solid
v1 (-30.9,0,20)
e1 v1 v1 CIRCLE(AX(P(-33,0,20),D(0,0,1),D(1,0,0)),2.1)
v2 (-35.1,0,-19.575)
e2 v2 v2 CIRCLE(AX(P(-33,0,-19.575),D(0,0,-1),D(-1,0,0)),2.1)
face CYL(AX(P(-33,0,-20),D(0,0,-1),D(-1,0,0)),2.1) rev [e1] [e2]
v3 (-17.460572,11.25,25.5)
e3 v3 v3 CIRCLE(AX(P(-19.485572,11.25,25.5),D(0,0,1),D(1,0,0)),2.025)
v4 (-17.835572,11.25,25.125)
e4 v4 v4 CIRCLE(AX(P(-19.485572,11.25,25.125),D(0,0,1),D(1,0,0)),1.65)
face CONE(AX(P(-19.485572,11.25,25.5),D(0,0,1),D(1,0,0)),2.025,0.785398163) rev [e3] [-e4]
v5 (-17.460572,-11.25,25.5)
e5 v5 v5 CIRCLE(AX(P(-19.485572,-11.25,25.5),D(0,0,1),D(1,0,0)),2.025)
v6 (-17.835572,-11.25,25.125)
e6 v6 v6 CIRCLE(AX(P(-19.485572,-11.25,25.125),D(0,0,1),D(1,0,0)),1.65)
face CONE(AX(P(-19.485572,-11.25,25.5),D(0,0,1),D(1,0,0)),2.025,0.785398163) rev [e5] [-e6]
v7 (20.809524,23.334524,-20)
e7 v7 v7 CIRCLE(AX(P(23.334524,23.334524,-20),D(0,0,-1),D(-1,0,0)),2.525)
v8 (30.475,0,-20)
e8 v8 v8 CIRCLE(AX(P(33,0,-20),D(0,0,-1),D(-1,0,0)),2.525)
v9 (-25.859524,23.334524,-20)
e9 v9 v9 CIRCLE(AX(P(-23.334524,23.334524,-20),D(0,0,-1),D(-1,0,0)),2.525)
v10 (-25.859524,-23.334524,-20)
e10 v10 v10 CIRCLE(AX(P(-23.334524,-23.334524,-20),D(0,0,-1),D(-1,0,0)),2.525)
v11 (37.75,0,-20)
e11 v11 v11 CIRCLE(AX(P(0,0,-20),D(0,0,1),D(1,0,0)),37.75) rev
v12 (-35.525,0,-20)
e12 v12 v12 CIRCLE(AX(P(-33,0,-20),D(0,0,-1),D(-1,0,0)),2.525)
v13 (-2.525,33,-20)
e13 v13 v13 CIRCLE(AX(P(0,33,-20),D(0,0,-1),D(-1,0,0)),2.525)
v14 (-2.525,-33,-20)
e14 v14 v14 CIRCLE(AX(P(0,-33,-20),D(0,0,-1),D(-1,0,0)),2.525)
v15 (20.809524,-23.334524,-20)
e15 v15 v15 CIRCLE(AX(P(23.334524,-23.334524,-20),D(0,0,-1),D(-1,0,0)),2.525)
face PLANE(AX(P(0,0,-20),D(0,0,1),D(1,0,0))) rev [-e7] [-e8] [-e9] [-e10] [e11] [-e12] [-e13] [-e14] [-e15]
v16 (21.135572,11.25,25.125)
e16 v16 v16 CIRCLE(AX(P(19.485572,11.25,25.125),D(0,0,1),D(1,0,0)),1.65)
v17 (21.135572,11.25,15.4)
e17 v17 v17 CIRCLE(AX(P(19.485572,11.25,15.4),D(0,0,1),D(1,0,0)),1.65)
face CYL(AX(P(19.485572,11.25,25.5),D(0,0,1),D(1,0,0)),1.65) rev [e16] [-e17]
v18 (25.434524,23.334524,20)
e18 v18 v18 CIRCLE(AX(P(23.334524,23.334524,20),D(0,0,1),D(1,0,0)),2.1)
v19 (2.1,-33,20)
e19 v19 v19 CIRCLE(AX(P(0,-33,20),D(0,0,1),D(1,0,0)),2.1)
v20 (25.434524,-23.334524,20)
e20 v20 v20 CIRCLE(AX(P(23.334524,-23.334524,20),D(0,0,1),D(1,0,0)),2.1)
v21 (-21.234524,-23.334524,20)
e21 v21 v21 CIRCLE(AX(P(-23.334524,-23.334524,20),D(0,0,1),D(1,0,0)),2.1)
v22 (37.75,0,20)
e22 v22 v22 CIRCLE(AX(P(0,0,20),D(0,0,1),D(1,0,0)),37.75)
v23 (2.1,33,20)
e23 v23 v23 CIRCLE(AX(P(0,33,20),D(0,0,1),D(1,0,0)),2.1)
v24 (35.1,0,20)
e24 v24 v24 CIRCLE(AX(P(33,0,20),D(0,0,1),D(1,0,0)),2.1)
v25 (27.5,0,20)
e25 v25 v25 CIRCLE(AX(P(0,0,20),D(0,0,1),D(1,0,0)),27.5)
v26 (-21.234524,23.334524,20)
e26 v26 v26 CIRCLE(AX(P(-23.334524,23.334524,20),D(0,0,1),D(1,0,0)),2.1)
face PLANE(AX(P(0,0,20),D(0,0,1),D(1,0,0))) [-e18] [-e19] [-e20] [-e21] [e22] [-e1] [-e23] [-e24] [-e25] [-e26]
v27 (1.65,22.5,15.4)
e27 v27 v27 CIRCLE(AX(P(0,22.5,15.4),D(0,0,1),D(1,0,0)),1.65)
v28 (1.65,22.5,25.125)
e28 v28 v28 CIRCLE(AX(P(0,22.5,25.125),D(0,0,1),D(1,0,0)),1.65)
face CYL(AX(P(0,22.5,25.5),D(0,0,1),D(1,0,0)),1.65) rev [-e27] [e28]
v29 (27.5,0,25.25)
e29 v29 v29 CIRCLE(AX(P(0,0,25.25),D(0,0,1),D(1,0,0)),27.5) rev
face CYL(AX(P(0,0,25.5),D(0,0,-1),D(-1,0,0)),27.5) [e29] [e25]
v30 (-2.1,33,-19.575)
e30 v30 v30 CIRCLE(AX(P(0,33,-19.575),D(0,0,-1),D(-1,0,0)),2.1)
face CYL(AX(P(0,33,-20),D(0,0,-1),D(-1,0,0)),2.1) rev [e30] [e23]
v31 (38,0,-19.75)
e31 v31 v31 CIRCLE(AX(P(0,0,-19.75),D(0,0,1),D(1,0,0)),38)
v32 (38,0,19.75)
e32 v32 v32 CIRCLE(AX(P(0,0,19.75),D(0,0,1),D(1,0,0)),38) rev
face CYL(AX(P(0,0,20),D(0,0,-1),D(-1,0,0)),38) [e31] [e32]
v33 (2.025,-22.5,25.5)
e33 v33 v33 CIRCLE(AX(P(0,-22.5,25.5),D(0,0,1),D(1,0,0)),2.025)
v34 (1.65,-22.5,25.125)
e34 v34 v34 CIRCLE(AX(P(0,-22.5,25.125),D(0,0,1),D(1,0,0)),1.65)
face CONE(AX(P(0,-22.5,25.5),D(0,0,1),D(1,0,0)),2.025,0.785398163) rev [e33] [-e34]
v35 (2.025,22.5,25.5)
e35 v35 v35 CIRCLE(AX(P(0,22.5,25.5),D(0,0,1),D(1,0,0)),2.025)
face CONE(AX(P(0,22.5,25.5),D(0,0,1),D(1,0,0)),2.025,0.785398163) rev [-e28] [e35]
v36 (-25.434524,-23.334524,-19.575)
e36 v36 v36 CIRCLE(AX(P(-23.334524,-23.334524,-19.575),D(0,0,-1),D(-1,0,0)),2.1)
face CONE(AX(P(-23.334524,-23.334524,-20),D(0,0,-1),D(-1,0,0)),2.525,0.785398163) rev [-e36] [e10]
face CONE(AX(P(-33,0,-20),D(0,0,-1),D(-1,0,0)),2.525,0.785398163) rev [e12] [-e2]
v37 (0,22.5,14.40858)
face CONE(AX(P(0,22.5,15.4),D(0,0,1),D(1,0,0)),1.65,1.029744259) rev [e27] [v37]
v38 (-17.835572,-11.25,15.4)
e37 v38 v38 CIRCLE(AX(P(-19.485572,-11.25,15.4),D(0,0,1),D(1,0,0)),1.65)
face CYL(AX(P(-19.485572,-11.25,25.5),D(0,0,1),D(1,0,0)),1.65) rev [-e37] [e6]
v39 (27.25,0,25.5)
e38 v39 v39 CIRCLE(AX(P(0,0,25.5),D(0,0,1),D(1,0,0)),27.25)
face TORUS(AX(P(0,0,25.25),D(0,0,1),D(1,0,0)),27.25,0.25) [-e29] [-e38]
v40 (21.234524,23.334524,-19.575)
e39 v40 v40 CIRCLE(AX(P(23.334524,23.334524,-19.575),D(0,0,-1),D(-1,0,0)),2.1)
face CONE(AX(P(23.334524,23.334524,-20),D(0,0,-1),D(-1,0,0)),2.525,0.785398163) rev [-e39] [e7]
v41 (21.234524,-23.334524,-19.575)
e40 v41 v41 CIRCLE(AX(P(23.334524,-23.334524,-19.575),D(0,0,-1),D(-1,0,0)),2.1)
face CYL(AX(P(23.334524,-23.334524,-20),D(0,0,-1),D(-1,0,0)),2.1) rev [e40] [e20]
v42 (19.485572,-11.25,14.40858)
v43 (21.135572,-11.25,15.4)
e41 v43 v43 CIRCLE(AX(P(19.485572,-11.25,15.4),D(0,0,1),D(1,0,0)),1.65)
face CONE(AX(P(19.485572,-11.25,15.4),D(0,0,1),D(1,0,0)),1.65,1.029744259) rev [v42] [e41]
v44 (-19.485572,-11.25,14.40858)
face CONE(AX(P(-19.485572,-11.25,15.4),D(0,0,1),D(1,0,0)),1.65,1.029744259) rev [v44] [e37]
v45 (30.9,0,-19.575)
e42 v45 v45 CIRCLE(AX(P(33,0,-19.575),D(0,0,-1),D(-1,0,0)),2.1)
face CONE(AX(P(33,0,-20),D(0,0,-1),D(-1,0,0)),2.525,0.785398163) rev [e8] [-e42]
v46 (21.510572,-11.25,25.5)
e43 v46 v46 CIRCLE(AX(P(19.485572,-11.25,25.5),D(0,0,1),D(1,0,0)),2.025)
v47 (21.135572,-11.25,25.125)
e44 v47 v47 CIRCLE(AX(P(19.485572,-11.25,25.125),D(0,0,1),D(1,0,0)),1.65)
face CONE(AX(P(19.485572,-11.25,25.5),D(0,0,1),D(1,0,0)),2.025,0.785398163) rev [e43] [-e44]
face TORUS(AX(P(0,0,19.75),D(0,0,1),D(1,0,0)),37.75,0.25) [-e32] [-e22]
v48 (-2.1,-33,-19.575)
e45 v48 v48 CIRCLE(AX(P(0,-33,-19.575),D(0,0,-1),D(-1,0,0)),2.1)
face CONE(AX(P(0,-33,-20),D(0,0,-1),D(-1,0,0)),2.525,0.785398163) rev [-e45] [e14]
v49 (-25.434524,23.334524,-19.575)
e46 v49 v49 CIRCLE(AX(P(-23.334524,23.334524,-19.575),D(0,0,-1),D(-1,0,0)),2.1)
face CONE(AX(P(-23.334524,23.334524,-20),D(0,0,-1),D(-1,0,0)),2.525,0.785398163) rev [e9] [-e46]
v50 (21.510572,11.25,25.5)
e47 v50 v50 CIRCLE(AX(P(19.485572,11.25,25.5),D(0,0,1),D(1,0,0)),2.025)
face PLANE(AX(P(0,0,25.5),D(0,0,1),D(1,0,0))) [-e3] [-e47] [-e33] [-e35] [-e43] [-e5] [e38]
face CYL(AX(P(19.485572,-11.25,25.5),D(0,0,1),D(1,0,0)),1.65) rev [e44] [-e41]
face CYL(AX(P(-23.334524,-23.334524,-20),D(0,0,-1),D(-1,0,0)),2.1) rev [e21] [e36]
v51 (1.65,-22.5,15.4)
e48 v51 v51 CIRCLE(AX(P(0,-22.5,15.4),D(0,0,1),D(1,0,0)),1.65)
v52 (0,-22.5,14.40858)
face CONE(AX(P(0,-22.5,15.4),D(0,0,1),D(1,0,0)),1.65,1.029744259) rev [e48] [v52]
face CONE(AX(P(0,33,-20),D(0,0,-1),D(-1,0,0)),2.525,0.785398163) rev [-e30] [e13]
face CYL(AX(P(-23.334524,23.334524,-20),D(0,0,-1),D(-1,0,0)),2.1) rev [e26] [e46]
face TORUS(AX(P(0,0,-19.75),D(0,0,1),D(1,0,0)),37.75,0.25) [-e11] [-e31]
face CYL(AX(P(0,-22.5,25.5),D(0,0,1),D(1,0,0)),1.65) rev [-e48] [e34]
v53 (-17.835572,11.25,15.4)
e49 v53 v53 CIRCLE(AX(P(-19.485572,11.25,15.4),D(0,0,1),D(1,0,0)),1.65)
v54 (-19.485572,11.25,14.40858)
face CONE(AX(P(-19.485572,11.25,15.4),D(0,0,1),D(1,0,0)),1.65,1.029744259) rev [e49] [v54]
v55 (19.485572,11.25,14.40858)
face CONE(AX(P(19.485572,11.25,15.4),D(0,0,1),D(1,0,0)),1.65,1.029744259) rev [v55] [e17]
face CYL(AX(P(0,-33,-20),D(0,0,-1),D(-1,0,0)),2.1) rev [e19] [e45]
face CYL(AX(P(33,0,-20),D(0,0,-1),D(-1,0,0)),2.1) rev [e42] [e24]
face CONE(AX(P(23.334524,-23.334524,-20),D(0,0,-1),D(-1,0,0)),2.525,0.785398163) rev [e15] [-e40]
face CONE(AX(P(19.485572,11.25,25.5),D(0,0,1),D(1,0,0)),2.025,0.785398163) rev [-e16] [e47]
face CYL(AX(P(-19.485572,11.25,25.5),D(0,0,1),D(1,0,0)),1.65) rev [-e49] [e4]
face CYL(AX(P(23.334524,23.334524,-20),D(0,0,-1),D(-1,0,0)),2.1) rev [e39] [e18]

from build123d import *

# Parameters (mm, degrees)
SKETCH_1_R                   = 38
EXTRUDE_1_DEPTH              = 20
SKETCH_2_R                   = 27.5
EXTRUDE_2_DEPTH              = 5.5
HOLE_WIZARD_M5_1_D           = 4.2
HOLE_WIZARD_M5_1_CSINK_D     = 5.05
HOLE_WIZARD_M5_1_CSINK_ANGLE = 90
HOLE_WIZARD_M4_1_D           = 3.3
HOLE_WIZARD_M4_1_DEPTH       = 10.1
HOLE_WIZARD_M4_1_CSINK_D     = 4.05
HOLE_WIZARD_M4_1_CSINK_ANGLE = 90
HOLE_WIZARD_M4_1_TIP         = 0.991420021
FILLET_1_R                   = 0.25


with BuildPart() as part:
    # 草图1 → 凸台-拉伸1 (new, symmetric)
    with BuildSketch(Plane.XY):
        Circle(SKETCH_1_R)
    extrude(amount=EXTRUDE_1_DEPTH, both=True)

    # 草图2 → 凸台-拉伸2 (add)
    with BuildSketch(Plane.XY.offset(20)):
        Circle(SKETCH_2_R)
    extrude(amount=EXTRUDE_2_DEPTH)

    # M5 螺纹孔1 (through all)
    with Locations(Plane(origin=(0, 33, -20), x_dir=(-1, 0, 0), z_dir=(0, 0, -1))):
        with Locations((0, 0), (23.334523779, -9.665476221), (33, -33), (23.334523779, -56.334523779), (0, -66), (-23.334523779, -56.334523779), (-33, -33), (-23.334523779, -9.665476221)):
            CounterSinkHole(HOLE_WIZARD_M5_1_D / 2, HOLE_WIZARD_M5_1_CSINK_D / 2, counter_sink_angle=HOLE_WIZARD_M5_1_CSINK_ANGLE)

    # M4 螺纹孔1
    with Locations(Plane(origin=(0, 22.5, 25.5), x_dir=(1, 0, 0), z_dir=(0, 0, 1))):
        with Locations((0, 0), (19.485571585, -11.25), (19.485571585, -33.75), (0, -45), (-19.485571585, -33.75), (-19.485571585, -11.25)):
            CounterSinkHole(HOLE_WIZARD_M4_1_D / 2, HOLE_WIZARD_M4_1_CSINK_D / 2, depth=HOLE_WIZARD_M4_1_DEPTH, counter_sink_angle=HOLE_WIZARD_M4_1_CSINK_ANGLE)
            with Locations((0, 0, -(HOLE_WIZARD_M4_1_DEPTH + HOLE_WIZARD_M4_1_TIP / 2))):  # 118° drill point
                Cone(0, HOLE_WIZARD_M4_1_D / 2, HOLE_WIZARD_M4_1_TIP, mode=Mode.SUBTRACT)

    # 圆角1
    fillet_1_edges = [part.edges().sort_by_distance(p)[0] for p in [
        (-38, 0, -20),
        (-38, 0, 20),
        (-27.5, 0, 25.5),
    ]]
    fillet(fillet_1_edges, radius=FILLET_1_R)


solid = part.part
